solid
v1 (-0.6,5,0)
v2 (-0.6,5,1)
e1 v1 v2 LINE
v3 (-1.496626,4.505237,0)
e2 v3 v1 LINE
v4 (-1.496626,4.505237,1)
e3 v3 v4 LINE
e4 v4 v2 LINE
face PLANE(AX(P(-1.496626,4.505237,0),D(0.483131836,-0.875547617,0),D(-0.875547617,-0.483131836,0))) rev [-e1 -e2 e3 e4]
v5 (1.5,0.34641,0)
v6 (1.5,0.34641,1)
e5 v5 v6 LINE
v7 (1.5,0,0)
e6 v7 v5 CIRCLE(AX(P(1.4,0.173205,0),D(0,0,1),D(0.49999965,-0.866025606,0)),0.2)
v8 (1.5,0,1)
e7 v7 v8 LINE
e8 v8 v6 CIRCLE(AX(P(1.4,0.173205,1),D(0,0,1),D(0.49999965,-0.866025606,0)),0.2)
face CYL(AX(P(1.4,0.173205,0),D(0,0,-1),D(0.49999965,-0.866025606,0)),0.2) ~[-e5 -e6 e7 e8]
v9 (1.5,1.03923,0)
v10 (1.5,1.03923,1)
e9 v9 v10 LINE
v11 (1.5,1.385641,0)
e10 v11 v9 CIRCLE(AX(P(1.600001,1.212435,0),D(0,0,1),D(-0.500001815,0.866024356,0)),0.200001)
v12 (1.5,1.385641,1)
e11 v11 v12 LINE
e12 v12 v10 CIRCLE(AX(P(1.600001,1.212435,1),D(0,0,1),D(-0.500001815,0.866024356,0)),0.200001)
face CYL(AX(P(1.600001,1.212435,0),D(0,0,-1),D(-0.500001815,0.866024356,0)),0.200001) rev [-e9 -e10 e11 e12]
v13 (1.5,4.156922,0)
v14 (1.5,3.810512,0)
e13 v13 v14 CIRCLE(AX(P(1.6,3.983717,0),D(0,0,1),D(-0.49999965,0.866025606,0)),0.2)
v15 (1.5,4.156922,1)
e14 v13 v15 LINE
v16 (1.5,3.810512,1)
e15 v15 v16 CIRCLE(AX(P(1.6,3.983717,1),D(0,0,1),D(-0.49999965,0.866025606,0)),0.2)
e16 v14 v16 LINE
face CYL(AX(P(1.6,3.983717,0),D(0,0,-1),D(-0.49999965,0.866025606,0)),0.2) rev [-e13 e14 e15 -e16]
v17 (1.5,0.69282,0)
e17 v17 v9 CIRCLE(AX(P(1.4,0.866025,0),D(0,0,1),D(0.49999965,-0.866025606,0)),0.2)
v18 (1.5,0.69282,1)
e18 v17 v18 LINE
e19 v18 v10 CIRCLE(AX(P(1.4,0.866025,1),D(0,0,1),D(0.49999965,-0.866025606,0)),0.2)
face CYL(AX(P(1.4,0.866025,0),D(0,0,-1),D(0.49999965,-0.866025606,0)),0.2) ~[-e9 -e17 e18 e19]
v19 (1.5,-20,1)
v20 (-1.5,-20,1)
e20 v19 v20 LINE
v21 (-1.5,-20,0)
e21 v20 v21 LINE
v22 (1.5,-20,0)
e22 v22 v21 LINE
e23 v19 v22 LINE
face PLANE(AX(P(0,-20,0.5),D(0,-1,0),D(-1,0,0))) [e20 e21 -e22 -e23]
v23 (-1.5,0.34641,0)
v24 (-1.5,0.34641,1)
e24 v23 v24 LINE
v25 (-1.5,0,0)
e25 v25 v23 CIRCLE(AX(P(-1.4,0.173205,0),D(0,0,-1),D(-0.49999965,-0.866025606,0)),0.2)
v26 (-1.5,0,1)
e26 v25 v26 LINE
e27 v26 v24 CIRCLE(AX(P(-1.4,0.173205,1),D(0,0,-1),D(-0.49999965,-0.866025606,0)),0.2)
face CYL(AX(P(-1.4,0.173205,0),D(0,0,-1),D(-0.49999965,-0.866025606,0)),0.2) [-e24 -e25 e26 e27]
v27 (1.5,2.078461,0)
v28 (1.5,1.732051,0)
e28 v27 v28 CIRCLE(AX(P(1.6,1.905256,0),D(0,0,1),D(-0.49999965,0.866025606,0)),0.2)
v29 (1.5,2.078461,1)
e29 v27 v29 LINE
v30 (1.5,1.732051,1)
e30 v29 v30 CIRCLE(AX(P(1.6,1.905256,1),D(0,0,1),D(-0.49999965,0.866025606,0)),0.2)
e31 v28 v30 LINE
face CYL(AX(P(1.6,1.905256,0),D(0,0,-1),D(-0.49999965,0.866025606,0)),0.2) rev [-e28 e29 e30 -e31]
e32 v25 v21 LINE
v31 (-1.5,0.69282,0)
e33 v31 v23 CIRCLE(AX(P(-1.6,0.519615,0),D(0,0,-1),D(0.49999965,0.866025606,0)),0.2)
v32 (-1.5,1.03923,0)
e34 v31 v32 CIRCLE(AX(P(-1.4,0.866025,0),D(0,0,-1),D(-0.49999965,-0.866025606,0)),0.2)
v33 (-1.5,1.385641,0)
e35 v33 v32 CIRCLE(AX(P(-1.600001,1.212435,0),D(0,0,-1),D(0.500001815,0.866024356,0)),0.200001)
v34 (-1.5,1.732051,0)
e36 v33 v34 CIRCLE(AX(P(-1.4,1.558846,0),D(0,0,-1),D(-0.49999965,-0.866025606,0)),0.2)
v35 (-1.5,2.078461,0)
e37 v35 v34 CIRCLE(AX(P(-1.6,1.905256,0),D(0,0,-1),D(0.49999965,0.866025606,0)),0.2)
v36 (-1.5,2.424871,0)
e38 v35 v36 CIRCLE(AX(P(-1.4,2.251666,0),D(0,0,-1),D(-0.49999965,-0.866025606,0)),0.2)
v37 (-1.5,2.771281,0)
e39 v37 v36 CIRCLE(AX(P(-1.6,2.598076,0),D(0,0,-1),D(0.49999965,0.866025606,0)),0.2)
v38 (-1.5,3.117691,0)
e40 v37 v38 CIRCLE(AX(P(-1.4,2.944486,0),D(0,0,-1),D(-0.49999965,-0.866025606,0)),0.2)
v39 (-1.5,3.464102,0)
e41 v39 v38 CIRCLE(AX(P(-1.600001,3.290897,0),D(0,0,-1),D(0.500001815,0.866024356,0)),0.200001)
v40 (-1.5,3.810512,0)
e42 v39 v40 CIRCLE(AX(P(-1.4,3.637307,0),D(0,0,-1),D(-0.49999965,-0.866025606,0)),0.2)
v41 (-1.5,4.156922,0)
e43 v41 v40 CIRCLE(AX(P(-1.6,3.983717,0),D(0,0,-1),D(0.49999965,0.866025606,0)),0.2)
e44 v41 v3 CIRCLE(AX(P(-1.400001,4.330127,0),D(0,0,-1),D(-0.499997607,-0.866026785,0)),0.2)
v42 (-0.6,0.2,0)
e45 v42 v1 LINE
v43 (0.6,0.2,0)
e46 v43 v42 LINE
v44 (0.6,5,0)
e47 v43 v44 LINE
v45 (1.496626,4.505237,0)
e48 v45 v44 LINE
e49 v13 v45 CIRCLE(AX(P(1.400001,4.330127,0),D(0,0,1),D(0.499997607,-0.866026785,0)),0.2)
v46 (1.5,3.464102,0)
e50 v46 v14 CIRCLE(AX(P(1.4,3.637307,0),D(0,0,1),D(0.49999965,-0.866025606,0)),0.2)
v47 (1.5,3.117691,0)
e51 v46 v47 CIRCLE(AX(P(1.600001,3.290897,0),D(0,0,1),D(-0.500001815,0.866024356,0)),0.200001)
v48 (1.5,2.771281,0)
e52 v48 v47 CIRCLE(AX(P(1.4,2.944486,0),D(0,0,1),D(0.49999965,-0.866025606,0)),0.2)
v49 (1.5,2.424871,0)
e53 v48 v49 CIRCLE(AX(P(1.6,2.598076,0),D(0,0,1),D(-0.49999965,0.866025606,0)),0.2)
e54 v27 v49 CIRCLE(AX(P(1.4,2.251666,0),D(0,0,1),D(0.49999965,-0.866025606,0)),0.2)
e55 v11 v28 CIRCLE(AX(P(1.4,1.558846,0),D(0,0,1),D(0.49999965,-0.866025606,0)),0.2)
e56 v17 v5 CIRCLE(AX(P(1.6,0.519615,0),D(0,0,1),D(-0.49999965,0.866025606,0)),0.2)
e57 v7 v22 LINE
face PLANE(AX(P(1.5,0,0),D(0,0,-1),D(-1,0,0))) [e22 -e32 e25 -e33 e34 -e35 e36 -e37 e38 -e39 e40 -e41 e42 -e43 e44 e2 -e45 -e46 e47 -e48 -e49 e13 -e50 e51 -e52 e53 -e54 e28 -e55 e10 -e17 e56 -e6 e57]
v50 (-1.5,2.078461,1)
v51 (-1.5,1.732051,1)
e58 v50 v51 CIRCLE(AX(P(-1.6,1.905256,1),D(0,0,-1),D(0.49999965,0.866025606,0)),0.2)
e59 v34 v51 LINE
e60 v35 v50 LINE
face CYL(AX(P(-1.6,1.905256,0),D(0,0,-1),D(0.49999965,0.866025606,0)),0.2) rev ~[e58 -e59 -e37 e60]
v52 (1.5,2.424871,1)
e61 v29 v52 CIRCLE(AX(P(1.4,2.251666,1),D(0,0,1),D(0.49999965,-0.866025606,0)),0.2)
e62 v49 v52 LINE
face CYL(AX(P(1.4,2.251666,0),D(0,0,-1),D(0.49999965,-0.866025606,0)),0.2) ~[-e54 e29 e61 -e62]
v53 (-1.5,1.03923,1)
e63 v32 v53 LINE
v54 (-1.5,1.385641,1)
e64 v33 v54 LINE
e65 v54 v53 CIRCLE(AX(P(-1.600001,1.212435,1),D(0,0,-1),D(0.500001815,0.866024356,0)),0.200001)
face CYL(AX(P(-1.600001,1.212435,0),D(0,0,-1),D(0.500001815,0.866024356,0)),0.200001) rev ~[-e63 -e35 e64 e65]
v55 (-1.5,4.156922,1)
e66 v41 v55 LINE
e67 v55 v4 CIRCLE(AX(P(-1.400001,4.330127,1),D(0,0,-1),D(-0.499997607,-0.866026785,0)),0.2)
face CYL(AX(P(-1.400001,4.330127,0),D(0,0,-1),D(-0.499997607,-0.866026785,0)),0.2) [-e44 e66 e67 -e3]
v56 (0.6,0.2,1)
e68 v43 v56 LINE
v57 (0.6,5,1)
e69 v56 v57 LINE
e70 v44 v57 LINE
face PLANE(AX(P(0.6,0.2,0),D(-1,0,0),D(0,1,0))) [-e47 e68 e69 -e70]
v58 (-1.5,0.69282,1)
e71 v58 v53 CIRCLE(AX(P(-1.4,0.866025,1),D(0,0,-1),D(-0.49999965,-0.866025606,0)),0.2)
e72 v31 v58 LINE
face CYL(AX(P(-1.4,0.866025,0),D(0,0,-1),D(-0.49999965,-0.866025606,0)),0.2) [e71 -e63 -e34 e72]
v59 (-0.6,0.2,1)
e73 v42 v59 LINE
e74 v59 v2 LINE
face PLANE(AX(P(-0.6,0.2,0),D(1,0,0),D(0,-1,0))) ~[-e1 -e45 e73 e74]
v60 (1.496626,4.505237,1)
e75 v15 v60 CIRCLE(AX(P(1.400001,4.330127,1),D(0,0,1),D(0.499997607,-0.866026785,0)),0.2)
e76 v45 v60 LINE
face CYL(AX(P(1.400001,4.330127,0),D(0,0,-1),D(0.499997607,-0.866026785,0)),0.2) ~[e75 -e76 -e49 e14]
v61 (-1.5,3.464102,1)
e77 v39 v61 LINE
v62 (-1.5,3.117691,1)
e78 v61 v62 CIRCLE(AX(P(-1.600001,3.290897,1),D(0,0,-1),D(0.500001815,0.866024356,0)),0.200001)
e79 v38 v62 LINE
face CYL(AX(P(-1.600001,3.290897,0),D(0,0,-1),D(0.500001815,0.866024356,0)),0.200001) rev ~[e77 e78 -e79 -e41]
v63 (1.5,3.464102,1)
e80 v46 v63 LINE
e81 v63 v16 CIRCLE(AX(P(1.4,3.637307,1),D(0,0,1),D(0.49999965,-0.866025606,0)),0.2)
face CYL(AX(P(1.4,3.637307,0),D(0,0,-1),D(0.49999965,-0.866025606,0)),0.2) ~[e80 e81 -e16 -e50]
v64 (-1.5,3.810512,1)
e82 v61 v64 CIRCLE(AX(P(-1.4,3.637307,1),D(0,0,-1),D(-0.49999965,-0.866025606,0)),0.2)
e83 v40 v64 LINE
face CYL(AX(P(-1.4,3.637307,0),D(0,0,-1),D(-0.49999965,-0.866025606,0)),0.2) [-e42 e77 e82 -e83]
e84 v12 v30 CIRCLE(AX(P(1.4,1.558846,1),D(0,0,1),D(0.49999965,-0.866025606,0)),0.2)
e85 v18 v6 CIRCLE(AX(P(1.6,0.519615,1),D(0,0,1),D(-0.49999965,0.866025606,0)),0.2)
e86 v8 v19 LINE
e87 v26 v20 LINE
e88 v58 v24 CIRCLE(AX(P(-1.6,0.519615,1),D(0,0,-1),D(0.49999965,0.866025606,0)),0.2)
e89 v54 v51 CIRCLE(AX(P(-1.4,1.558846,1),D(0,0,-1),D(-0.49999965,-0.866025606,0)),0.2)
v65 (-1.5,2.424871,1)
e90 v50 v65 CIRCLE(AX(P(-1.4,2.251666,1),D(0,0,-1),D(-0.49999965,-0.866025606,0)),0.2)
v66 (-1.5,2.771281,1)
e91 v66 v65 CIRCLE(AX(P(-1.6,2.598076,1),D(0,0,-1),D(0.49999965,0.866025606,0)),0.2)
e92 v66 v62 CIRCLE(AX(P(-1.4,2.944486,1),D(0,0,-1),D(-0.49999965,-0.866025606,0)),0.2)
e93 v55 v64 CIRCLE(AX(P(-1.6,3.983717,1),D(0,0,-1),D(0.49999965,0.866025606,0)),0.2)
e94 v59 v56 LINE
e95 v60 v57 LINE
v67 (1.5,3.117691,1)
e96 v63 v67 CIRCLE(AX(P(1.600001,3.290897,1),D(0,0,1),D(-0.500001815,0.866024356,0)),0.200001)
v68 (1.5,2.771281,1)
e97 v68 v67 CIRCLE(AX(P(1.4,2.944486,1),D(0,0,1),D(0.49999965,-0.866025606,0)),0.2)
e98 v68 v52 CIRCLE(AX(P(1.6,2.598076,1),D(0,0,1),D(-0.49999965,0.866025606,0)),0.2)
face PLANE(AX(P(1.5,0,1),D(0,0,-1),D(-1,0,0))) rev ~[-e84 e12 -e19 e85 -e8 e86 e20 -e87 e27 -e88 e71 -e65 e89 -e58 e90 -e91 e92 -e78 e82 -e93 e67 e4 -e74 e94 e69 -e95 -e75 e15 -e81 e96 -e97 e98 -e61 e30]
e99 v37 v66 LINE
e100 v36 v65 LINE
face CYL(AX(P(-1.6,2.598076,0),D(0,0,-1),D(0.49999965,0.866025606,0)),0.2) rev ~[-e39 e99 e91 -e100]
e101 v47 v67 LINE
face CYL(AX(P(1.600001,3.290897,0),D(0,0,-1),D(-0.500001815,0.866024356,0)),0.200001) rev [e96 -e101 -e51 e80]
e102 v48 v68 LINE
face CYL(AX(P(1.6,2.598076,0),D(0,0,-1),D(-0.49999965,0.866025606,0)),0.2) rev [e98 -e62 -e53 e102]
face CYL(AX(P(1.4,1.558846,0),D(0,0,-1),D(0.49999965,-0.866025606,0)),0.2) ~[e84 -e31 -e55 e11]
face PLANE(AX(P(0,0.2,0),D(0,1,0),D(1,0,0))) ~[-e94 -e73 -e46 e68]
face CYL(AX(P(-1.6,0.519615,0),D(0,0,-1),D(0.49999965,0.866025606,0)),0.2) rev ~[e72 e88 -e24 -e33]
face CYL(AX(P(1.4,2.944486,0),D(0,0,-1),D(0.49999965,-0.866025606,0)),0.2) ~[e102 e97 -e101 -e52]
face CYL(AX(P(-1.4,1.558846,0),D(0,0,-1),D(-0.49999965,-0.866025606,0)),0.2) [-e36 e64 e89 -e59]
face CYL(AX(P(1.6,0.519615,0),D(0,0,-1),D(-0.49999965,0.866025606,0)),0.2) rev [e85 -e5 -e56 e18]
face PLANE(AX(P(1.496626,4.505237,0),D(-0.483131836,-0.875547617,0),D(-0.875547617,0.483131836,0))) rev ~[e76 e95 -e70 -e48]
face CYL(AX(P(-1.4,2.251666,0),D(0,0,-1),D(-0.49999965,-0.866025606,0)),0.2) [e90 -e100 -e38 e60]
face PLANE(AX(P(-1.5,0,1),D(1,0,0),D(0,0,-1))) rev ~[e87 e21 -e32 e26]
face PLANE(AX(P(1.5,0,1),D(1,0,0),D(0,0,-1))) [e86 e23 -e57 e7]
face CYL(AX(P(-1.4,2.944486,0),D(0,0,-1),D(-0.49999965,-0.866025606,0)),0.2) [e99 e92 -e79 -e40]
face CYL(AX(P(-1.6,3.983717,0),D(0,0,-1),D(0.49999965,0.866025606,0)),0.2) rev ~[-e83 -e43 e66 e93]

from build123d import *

# Parameters (mm, degrees)
PAD007_DEPTH         = 1
MIRRORED007_FACE34_W = 3
MIRRORED007_FACE34_H = 1
PAD008_DEPTH         = 20


with BuildPart() as part:
    # Sketch008 → Pad007 (new body)
    with BuildSketch(Plane.XY):
        with BuildLine():
            Line((0, 0.2), (0.6, 0.2))
            Line((0.6, 0.2), (0.6, 5))
            Line((1.496626, 4.505237), (0.6, 5))
            ThreePointArc((1.5, 4.156922), (1.599991, 4.332064), (1.496626, 4.505237))
            ThreePointArc((1.5, 4.156922), (1.4, 3.983717), (1.5, 3.810512))
            ThreePointArc((1.5, 3.464102), (1.6, 3.637307), (1.5, 3.810512))
            ThreePointArc((1.5, 3.464102), (1.4, 3.290897), (1.5, 3.117691))
            ThreePointArc((1.5, 2.771281), (1.6, 2.944486), (1.5, 3.117691))
            ThreePointArc((1.5, 2.771281), (1.4, 2.598076), (1.5, 2.424871))
            ThreePointArc((1.5, 2.078461), (1.6, 2.251666), (1.5, 2.424871))
            ThreePointArc((1.5, 2.078461), (1.4, 1.905256), (1.5, 1.732051))
            ThreePointArc((1.5, 1.385641), (1.6, 1.558846), (1.5, 1.732051))
            ThreePointArc((1.5, 1.385641), (1.4, 1.212436), (1.5, 1.03923))
            ThreePointArc((1.5, 0.69282), (1.6, 0.866025), (1.5, 1.03923))
            ThreePointArc((1.5, 0.69282), (1.4, 0.519615), (1.5, 0.34641))
            ThreePointArc((1.5, 0), (1.6, 0.173205), (1.5, 0.34641))
            Line((0, 0), (1.5, 0))
            Line((0, 0), (0, 0.2))
        make_face()
    pad007 = extrude(amount=PAD007_DEPTH)

    # Mirrored007: Pad007 across Sketch008 V_Axis
    add(pad007.mirror(Plane(origin=(0, 0, 0), x_dir=(0, 0, 1), z_dir=(1, 0, 0))))

    # Mirrored007 Face34 → Pad008 (add)
    with BuildSketch(Plane(origin=(0, 0, 0.5), x_dir=(-1, 0, 0), z_dir=(0, -1, 0))):
        Rectangle(MIRRORED007_FACE34_W, MIRRORED007_FACE34_H)
    extrude(amount=PAD008_DEPTH)


solid = part.part
